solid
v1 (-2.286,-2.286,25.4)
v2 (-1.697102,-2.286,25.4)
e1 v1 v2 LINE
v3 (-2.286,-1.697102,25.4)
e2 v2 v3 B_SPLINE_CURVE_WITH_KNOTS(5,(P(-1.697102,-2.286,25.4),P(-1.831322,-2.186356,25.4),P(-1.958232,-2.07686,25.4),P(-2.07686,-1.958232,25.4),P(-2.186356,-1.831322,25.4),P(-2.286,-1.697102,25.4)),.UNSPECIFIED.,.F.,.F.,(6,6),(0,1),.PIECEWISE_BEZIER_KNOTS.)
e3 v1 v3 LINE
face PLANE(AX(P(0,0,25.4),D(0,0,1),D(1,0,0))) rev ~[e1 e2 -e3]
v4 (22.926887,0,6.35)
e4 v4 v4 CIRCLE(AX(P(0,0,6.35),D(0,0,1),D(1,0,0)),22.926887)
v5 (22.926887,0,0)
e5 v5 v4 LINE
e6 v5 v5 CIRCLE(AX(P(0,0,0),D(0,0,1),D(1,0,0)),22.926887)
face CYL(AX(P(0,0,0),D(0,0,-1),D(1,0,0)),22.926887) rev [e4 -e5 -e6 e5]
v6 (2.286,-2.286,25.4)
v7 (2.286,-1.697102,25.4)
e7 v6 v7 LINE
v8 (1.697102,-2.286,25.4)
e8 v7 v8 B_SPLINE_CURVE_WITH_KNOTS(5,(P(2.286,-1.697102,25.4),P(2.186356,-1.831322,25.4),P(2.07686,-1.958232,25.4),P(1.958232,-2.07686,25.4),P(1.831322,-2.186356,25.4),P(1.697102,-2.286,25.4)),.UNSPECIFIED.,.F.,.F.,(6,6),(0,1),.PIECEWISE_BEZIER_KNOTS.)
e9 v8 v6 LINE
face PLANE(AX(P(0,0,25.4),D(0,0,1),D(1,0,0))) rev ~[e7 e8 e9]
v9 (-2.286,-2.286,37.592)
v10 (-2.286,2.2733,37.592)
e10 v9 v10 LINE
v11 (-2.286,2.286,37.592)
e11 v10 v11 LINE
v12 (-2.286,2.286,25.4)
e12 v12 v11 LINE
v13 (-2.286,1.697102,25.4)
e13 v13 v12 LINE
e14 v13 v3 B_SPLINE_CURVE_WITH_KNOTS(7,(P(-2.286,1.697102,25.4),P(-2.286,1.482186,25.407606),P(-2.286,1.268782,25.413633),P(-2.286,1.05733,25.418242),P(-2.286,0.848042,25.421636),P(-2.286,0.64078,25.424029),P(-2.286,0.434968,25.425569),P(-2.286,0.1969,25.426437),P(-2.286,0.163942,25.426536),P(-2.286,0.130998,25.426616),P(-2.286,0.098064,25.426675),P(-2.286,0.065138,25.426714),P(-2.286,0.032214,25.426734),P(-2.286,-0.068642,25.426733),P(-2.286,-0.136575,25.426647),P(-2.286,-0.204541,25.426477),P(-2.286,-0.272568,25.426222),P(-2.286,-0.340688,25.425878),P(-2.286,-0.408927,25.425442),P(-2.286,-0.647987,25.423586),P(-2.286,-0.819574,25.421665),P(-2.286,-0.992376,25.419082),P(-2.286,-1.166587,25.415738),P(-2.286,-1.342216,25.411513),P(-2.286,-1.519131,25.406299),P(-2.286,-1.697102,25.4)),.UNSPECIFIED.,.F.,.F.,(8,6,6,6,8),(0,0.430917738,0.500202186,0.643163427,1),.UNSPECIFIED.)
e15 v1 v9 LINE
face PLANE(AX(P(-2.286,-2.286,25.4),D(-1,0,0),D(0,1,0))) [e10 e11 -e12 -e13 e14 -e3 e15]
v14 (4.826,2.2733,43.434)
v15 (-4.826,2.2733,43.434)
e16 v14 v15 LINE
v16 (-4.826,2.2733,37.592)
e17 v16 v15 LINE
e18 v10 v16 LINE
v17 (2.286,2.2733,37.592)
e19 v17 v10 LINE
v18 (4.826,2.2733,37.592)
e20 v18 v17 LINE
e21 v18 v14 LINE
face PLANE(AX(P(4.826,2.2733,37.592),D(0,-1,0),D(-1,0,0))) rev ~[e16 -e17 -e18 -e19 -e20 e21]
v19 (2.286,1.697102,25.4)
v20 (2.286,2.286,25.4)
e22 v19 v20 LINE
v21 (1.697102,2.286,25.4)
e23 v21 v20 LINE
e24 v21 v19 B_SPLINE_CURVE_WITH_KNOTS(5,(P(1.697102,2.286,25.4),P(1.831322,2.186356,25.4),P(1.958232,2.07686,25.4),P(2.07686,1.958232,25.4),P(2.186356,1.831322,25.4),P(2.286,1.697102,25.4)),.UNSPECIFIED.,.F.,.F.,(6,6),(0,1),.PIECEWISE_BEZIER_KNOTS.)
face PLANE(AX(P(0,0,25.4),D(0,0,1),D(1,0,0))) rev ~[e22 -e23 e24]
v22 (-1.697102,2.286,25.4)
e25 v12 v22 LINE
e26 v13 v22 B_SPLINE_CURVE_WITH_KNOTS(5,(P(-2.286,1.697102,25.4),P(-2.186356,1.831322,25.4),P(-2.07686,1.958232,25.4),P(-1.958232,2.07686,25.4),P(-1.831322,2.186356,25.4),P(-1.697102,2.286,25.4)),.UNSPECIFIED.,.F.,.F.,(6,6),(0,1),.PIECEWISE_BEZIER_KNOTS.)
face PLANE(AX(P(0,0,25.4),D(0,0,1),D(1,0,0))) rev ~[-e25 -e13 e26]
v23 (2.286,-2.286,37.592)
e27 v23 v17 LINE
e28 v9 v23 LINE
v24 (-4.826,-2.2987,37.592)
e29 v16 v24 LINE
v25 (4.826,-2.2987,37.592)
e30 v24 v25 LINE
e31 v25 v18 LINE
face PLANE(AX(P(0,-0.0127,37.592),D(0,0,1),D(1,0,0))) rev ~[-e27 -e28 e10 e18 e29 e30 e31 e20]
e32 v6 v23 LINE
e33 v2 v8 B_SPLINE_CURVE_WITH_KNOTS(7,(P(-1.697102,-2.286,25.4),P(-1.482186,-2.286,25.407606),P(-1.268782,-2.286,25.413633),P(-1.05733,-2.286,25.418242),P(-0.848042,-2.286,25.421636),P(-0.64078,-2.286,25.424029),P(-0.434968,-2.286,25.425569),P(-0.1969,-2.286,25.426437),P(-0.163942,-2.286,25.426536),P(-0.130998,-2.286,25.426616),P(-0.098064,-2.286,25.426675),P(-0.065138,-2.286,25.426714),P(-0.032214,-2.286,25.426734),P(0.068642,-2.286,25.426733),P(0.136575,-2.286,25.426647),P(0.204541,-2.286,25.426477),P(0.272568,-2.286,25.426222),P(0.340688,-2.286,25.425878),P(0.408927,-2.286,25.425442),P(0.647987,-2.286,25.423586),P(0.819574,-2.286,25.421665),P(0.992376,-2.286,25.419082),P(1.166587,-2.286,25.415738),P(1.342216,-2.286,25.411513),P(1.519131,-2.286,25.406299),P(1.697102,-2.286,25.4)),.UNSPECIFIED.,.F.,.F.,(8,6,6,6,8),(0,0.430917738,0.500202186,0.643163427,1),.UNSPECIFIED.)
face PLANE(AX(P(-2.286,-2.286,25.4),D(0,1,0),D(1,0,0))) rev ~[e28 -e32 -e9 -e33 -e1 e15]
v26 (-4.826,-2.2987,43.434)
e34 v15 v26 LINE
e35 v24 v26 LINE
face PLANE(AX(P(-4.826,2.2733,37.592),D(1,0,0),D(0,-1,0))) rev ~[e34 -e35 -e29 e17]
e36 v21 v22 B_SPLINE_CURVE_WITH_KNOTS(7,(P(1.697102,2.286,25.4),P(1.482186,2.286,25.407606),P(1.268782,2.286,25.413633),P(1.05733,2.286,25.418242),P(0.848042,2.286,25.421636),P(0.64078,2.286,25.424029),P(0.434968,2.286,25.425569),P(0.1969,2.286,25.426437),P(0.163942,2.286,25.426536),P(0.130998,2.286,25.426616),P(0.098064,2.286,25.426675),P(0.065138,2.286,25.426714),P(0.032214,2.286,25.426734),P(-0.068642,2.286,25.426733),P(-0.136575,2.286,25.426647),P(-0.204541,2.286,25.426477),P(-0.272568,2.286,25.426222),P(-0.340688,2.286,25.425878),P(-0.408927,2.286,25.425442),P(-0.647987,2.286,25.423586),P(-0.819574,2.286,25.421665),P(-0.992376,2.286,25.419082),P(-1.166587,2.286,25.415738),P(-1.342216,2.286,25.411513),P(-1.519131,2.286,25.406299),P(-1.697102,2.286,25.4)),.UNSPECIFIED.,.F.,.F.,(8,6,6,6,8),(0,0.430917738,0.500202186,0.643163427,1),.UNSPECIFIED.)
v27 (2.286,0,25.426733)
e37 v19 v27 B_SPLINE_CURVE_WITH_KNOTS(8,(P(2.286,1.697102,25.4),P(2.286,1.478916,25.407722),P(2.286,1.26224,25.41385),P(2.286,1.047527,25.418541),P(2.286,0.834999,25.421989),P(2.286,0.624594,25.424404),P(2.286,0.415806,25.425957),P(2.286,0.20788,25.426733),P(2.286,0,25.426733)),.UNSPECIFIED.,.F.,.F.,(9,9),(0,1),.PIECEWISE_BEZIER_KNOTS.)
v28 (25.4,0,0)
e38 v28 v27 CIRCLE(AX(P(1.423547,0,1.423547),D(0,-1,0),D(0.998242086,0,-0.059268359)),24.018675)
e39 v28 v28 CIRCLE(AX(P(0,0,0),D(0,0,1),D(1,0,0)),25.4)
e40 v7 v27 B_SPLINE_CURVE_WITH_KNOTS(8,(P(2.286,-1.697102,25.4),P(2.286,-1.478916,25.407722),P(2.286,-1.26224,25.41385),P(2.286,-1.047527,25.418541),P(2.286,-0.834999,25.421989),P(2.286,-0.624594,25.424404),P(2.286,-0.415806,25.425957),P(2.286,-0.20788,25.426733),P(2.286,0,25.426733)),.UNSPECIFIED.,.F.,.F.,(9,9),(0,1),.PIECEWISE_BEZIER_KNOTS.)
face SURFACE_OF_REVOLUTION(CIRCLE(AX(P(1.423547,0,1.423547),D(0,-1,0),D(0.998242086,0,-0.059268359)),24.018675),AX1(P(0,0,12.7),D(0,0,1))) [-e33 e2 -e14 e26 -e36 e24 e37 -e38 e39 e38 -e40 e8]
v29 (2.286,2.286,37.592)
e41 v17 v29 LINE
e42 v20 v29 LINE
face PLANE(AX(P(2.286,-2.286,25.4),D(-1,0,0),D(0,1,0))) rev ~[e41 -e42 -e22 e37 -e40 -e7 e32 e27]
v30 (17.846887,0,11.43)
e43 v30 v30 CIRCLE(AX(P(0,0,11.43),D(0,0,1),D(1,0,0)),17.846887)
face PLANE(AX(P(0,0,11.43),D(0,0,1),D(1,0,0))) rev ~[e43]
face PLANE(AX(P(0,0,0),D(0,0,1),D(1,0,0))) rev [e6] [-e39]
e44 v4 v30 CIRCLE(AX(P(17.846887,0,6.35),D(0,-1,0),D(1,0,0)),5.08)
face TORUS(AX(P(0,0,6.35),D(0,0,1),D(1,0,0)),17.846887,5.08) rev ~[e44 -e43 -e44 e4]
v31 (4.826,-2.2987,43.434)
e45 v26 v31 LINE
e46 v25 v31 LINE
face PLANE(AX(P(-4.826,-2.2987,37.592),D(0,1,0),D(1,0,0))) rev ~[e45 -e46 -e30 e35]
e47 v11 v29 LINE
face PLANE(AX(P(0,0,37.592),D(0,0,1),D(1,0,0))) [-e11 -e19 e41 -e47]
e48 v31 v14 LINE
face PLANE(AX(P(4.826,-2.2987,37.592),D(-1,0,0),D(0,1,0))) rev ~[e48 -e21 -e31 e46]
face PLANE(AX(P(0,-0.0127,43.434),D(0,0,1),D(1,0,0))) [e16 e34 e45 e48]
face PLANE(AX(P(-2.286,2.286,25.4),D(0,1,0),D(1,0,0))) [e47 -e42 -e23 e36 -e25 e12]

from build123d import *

# Parameters (mm, degrees)
F3_DEPTH = 11.43
F4_R     = 5.08
F6_START = 25.4
F5_W     = 4.572
F5_H     = 4.572
F6_DEPTH = 12.192
F8_START = 37.592
F8_DEPTH = 5.842


with BuildPart() as f1:
    # F0 (on Front) → F1 (revolve)
    with BuildSketch(Plane.XZ):
        with BuildLine():
            Line((0, 25.4), (0, 0))
            Line((0, 0), (25.4, 0))
            ThreePointArc((25.4, 0), (18.4073156554, 18.4073156554), (0, 25.4))
        make_face()
    revolve(axis=Axis((0, 0, 12.7), (0, 0, 1)))

    # F2 (on Top) → F3 (cut)
    with BuildSketch(Plane.XY):
        with BuildLine():
            ThreePointArc((-22.9268872803, 0), (0, -22.9268872803), (22.9268872803, 0))
            ThreePointArc((22.9268872803, 0), (0, 22.9268872803), (-22.9268872803, 0))
        make_face()
    extrude(amount=F3_DEPTH, mode=Mode.SUBTRACT)

    # F4
    f4_edges = [f1.edges().sort_by_distance(p)[0] for p in [
        (-22.926887, 0, 11.43),
    ]]
    fillet(f4_edges, radius=F4_R)

    # F5 (on Top) → F6 (join)
    with BuildSketch(Plane.XY.offset(F6_START)):
        Rectangle(F5_W, F5_H)
    extrude(amount=F6_DEPTH)

    # F7 (on Top) → F8 (join)
    with BuildSketch(Plane.XY.offset(F8_START)):
        Polygon((-4.826, -2.2987), (0, -2.2987), (4.826, -2.2987), (4.826, 2.2733), (-4.826, 2.2733), align=None)
    extrude(amount=F8_DEPTH)


solid = f1.part
